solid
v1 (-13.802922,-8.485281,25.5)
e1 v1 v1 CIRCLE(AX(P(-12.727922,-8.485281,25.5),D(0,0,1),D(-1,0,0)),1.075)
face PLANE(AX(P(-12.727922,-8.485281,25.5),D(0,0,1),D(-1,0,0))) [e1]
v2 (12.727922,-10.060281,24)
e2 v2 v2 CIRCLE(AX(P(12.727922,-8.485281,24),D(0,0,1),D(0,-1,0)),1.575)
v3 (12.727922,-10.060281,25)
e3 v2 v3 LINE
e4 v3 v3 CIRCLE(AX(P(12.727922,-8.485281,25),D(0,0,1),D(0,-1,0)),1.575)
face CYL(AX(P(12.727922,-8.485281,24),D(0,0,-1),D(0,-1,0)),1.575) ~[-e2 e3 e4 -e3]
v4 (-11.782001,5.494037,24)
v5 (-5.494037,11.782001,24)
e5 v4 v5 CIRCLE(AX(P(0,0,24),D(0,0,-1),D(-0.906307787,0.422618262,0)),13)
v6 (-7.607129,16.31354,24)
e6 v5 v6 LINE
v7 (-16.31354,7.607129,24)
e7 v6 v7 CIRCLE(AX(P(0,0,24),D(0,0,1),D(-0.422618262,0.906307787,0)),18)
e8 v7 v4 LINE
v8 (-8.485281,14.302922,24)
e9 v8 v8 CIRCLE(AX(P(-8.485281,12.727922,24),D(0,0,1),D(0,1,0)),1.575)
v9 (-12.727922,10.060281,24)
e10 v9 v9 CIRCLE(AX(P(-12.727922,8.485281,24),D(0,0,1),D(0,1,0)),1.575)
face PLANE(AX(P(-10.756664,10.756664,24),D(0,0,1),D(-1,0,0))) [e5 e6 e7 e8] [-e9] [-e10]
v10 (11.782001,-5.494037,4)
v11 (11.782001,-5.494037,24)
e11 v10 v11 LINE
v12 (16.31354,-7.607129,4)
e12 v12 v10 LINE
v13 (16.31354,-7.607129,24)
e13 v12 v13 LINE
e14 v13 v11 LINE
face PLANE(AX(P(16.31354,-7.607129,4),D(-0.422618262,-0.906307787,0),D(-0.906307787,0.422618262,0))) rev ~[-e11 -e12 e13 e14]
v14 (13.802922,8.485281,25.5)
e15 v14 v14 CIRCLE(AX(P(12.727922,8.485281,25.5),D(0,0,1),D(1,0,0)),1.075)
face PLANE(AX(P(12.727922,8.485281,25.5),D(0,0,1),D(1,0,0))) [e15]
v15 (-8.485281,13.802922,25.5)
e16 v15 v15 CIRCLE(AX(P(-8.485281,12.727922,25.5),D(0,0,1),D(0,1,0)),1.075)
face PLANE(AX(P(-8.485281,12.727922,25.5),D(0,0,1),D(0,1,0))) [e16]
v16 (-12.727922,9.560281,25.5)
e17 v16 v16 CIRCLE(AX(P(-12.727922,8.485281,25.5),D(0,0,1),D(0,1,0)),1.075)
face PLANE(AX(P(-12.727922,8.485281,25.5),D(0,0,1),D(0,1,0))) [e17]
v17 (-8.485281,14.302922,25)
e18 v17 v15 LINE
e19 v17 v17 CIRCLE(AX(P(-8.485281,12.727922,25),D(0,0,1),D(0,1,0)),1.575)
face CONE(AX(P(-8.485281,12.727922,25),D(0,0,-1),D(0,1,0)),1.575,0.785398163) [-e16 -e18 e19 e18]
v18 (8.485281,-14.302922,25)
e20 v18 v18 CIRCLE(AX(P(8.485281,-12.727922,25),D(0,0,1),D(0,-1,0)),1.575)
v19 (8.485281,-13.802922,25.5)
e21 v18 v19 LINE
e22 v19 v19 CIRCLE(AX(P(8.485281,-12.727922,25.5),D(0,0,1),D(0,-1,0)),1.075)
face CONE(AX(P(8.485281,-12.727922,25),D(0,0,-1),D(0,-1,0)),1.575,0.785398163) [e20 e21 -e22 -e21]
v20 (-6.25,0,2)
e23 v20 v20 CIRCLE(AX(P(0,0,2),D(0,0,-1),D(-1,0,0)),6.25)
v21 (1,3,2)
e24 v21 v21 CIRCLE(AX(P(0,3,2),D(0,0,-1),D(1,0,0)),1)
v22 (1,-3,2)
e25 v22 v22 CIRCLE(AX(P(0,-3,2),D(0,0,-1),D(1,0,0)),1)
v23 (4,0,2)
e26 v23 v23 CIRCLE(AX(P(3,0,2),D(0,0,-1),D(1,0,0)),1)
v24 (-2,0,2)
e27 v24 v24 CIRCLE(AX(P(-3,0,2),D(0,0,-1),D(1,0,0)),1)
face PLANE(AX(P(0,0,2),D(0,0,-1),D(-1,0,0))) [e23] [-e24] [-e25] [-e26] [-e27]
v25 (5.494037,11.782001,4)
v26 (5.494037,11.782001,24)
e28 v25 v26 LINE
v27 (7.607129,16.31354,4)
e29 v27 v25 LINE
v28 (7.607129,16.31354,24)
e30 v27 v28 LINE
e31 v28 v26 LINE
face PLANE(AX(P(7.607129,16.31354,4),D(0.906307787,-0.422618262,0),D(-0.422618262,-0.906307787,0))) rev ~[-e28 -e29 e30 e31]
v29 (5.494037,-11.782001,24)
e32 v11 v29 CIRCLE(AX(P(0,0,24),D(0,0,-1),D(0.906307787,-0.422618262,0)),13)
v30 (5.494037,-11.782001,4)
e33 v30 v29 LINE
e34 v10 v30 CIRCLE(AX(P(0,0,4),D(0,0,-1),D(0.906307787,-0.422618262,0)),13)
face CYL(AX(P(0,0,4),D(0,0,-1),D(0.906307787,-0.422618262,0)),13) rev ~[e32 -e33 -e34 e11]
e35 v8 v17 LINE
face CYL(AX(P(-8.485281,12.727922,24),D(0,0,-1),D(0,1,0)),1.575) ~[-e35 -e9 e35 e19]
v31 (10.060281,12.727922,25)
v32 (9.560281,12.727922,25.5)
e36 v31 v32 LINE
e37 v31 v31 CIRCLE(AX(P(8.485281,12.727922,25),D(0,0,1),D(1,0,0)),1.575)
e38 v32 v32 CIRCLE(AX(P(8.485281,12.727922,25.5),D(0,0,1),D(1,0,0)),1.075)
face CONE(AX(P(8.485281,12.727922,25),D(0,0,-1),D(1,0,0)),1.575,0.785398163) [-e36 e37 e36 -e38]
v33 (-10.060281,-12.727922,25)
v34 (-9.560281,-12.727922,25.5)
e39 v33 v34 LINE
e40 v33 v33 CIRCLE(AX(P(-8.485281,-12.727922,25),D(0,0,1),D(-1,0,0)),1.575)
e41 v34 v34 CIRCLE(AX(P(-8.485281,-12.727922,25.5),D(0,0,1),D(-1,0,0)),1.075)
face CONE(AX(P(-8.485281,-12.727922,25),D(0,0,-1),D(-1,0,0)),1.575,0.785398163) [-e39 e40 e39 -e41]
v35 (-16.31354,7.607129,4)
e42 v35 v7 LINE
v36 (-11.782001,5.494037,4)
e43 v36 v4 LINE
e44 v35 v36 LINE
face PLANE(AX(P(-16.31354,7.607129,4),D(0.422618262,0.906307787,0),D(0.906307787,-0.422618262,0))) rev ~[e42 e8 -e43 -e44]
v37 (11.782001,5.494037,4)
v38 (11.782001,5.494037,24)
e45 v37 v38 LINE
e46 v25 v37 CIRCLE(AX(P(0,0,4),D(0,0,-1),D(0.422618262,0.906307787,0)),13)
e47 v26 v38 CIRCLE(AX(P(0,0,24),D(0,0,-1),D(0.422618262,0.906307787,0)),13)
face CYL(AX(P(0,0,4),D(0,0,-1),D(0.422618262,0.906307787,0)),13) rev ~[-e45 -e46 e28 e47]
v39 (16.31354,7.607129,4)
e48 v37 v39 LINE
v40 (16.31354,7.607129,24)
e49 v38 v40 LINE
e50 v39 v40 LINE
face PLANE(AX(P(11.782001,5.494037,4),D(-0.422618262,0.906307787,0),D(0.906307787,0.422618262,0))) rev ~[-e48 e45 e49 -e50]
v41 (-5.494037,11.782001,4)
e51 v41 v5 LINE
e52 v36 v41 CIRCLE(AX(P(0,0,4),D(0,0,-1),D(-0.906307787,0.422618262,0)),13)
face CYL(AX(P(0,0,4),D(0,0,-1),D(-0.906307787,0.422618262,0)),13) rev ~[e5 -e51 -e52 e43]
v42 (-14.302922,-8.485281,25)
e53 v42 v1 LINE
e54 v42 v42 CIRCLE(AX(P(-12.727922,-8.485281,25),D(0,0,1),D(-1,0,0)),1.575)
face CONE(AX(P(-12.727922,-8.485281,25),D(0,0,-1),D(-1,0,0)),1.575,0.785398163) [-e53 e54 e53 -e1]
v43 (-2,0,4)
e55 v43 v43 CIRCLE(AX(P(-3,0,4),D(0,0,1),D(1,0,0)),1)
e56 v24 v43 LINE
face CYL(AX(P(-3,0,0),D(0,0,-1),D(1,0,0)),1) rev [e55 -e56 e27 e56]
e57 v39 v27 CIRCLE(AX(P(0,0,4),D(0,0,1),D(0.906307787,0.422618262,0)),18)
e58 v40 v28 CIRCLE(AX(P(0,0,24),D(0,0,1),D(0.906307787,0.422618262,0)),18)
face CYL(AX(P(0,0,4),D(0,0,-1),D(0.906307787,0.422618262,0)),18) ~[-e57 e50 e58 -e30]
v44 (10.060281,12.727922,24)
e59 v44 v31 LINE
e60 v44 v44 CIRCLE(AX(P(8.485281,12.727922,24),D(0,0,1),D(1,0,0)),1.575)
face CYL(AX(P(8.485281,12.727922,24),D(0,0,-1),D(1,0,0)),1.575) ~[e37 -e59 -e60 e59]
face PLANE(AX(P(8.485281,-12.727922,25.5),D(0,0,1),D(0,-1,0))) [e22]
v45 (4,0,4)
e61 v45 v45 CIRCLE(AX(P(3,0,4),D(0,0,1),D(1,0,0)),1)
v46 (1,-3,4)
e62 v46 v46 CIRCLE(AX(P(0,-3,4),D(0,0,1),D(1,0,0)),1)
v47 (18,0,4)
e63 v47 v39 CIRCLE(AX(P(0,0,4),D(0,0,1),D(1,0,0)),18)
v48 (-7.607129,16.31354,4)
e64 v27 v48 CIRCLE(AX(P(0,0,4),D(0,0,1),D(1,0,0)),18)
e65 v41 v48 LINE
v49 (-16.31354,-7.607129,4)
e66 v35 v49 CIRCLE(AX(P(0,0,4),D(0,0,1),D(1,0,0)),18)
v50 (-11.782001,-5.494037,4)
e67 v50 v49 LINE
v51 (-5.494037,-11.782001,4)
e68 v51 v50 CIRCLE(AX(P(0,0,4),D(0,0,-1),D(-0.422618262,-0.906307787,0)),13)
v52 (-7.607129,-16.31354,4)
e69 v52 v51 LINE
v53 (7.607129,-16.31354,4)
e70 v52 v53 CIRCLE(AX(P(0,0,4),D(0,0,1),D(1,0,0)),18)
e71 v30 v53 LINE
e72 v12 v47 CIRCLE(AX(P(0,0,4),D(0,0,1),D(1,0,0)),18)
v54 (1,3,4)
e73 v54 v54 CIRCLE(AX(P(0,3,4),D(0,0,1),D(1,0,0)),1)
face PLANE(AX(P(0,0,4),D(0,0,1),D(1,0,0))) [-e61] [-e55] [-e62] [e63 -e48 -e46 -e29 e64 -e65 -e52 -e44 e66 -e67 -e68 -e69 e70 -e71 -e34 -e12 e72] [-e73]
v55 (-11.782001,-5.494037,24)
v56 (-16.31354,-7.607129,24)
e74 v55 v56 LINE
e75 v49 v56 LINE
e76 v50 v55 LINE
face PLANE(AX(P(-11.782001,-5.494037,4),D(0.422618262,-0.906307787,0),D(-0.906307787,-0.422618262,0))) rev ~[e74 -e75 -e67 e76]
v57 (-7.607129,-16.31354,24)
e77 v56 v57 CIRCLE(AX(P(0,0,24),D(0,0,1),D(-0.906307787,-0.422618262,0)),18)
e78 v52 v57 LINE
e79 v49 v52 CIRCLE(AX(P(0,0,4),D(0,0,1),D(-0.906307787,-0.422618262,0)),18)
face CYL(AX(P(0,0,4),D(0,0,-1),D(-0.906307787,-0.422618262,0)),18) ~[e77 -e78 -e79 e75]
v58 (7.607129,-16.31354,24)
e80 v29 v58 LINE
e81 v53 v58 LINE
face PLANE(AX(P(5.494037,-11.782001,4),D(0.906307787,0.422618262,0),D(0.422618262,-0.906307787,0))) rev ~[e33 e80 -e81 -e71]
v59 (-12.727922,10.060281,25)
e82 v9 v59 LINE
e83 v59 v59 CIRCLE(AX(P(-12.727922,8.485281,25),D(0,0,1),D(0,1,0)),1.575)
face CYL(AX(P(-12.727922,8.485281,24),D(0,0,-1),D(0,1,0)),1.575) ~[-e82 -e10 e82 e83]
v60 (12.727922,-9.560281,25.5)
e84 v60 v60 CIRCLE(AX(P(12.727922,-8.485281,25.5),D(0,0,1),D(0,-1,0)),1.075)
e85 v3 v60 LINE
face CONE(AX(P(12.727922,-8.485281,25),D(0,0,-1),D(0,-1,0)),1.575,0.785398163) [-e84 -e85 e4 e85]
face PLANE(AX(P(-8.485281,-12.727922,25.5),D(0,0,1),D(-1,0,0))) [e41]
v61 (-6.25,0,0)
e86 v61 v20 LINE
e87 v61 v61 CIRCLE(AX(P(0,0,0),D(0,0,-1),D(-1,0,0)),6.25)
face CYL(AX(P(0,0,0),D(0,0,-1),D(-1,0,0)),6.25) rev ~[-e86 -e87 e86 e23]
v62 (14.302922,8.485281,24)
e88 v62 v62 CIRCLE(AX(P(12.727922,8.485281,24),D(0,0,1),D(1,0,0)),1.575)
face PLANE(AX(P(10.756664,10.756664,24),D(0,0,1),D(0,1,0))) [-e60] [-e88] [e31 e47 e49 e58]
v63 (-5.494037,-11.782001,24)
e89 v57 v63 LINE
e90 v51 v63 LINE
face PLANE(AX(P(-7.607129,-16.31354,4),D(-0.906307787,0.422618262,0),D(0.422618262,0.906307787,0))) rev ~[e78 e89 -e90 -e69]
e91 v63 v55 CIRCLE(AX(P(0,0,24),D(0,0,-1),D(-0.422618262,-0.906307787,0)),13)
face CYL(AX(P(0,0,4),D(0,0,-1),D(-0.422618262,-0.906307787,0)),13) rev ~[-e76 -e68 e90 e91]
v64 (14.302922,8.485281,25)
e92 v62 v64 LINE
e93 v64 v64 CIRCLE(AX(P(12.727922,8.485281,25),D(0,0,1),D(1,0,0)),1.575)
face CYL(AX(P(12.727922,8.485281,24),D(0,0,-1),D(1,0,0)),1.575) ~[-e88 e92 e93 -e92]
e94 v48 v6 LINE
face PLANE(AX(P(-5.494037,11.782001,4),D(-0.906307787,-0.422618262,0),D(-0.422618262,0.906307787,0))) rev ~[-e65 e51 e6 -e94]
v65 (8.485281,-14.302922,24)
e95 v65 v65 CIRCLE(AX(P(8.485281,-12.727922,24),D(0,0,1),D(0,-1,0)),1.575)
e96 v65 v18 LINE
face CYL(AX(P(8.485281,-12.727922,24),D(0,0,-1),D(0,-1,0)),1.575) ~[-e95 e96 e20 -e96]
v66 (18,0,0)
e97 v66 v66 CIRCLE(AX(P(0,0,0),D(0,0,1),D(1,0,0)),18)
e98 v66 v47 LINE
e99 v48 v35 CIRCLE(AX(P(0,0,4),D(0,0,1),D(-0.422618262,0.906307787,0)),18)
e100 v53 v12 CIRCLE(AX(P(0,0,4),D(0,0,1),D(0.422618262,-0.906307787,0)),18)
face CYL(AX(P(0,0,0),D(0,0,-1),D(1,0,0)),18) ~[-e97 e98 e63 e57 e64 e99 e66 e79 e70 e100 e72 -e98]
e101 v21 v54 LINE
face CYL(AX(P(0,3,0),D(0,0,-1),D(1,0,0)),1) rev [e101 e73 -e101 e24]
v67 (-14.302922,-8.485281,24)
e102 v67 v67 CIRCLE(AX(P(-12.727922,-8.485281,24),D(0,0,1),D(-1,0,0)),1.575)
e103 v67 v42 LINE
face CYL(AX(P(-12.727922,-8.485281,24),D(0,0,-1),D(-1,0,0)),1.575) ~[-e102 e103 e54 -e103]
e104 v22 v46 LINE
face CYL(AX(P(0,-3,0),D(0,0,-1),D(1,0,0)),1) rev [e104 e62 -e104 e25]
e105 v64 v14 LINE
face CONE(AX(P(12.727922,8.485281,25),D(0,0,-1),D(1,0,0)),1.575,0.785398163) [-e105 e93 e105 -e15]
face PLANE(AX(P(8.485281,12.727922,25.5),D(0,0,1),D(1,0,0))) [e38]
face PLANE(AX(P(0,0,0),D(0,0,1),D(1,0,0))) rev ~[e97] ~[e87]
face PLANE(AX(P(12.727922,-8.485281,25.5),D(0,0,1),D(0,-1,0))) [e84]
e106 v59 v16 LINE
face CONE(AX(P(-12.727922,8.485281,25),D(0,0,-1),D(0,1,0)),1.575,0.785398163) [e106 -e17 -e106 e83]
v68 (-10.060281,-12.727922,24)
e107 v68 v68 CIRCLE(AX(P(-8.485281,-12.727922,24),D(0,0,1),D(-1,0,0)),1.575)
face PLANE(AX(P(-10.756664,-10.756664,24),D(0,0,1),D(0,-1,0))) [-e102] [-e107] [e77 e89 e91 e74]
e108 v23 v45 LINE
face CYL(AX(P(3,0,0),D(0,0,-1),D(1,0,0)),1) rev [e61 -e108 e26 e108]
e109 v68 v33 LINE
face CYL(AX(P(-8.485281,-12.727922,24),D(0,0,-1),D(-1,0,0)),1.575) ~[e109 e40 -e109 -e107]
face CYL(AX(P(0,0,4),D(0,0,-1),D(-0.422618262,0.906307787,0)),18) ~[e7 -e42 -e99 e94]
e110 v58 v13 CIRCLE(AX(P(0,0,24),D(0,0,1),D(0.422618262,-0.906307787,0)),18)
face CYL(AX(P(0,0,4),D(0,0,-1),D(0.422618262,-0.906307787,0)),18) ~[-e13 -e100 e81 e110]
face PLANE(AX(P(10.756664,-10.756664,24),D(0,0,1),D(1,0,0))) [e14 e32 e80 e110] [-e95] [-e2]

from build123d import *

# Parameters (mm, degrees)
SKETCH_1_R               = 18
SKETCH_1_R_2             = 1
EXTRUDE_1_DEPTH          = 4
EXTRUDE_2_DEPTH          = 20
PATTERN_CIRCULAR_1_COUNT = 4
SKETCH_3_R               = 1.575
EXTRUDE_3_DEPTH          = 1.5
PATTERN_CIRCULAR_2_COUNT = 4
SKETCH_4_R               = 6.25
CUT_EXTRUDE_1_DEPTH      = 2
CHAMFER_1_SIZE           = 0.5


with BuildPart() as part:
    # ｽｹｯﾁ1 → ﾎﾞｽ - 押し出し1 (new body)
    with BuildSketch(Plane.XY):
        Circle(SKETCH_1_R)
        with Locations((0, 3)):
            Circle(SKETCH_1_R_2, mode=Mode.SUBTRACT)
        with Locations((3, 0)):
            Circle(SKETCH_1_R_2, mode=Mode.SUBTRACT)
        with Locations((0, -3)):
            Circle(SKETCH_1_R_2, mode=Mode.SUBTRACT)
        with Locations((-3, 0)):
            Circle(SKETCH_1_R_2, mode=Mode.SUBTRACT)
    extrude(amount=EXTRUDE_1_DEPTH)

    # ｽｹｯﾁ2 → ﾎﾞｽ - 押し出し2 (add)
    with BuildSketch(Plane.XY.offset(4)):
        with BuildLine():
            Line((16.313540167, -7.607128711), (11.782001231, -5.494037403))
            ThreePointArc((11.782001231, -5.494037403), (9.192388155, -9.192388155), (5.494037403, -11.782001231))
            Line((5.494037403, -11.782001231), (7.607128711, -16.313540167))
            ThreePointArc((7.607128711, -16.313540167), (12.727922061, -12.727922061), (16.313540167, -7.607128711))
        make_face()
    extrude_2 = extrude(amount=EXTRUDE_2_DEPTH)

    # 円形ﾊﾟﾀｰﾝ1: ﾎﾞｽ - 押し出し2 ×4 about axis
    pattern_circular_1_axis = Axis((0, 0, 24), (0, 0, -1))
    for i in range(1, PATTERN_CIRCULAR_1_COUNT):
        add(extrude_2.rotate(pattern_circular_1_axis, i * 360 / PATTERN_CIRCULAR_1_COUNT))

    # ｽｹｯﾁ3 → ﾎﾞｽ - 押し出し3 (add)
    with BuildSketch(Plane.XY.offset(24)):
        with Locations((8.485281374, 12.727922061)):
            Circle(SKETCH_3_R)
        with Locations((12.727922061, 8.485281374)):
            Circle(SKETCH_3_R)
    extrude_3 = extrude(amount=EXTRUDE_3_DEPTH)

    # 円形ﾊﾟﾀｰﾝ2: ﾎﾞｽ - 押し出し3 ×4 about axis
    pattern_circular_2_axis = Axis((0, 0, 0), (0, 0, 1))
    for i in range(1, PATTERN_CIRCULAR_2_COUNT):
        add(extrude_3.rotate(pattern_circular_2_axis, i * 360 / PATTERN_CIRCULAR_2_COUNT))

    # ｽｹｯﾁ4 → ｶｯﾄ - 押し出し1 (cut)
    with BuildSketch(Plane(origin=(0, 0, 0), x_dir=(-1, 0, 0), z_dir=(0, 0, -1))):
        Circle(SKETCH_4_R)
    extrude(amount=-CUT_EXTRUDE_1_DEPTH, mode=Mode.SUBTRACT)

    # 面取り1
    chamfer_1_edges = [part.edges().sort_by_distance(p)[0] for p in [
        (6.910281374, 12.727922061, 25.5),
        (11.152922061, 8.485281374, 25.5),
        (12.727922061, -6.910281374, 25.5),
        (8.485281374, -11.152922061, 25.5),
        (-6.910281374, -12.727922061, 25.5),
        (-11.152922061, -8.485281374, 25.5),
        (-12.727922061, 6.910281374, 25.5),
        (-8.485281374, 11.152922061, 25.5),
    ]]
    chamfer(chamfer_1_edges, length=CHAMFER_1_SIZE)


solid = part.part
